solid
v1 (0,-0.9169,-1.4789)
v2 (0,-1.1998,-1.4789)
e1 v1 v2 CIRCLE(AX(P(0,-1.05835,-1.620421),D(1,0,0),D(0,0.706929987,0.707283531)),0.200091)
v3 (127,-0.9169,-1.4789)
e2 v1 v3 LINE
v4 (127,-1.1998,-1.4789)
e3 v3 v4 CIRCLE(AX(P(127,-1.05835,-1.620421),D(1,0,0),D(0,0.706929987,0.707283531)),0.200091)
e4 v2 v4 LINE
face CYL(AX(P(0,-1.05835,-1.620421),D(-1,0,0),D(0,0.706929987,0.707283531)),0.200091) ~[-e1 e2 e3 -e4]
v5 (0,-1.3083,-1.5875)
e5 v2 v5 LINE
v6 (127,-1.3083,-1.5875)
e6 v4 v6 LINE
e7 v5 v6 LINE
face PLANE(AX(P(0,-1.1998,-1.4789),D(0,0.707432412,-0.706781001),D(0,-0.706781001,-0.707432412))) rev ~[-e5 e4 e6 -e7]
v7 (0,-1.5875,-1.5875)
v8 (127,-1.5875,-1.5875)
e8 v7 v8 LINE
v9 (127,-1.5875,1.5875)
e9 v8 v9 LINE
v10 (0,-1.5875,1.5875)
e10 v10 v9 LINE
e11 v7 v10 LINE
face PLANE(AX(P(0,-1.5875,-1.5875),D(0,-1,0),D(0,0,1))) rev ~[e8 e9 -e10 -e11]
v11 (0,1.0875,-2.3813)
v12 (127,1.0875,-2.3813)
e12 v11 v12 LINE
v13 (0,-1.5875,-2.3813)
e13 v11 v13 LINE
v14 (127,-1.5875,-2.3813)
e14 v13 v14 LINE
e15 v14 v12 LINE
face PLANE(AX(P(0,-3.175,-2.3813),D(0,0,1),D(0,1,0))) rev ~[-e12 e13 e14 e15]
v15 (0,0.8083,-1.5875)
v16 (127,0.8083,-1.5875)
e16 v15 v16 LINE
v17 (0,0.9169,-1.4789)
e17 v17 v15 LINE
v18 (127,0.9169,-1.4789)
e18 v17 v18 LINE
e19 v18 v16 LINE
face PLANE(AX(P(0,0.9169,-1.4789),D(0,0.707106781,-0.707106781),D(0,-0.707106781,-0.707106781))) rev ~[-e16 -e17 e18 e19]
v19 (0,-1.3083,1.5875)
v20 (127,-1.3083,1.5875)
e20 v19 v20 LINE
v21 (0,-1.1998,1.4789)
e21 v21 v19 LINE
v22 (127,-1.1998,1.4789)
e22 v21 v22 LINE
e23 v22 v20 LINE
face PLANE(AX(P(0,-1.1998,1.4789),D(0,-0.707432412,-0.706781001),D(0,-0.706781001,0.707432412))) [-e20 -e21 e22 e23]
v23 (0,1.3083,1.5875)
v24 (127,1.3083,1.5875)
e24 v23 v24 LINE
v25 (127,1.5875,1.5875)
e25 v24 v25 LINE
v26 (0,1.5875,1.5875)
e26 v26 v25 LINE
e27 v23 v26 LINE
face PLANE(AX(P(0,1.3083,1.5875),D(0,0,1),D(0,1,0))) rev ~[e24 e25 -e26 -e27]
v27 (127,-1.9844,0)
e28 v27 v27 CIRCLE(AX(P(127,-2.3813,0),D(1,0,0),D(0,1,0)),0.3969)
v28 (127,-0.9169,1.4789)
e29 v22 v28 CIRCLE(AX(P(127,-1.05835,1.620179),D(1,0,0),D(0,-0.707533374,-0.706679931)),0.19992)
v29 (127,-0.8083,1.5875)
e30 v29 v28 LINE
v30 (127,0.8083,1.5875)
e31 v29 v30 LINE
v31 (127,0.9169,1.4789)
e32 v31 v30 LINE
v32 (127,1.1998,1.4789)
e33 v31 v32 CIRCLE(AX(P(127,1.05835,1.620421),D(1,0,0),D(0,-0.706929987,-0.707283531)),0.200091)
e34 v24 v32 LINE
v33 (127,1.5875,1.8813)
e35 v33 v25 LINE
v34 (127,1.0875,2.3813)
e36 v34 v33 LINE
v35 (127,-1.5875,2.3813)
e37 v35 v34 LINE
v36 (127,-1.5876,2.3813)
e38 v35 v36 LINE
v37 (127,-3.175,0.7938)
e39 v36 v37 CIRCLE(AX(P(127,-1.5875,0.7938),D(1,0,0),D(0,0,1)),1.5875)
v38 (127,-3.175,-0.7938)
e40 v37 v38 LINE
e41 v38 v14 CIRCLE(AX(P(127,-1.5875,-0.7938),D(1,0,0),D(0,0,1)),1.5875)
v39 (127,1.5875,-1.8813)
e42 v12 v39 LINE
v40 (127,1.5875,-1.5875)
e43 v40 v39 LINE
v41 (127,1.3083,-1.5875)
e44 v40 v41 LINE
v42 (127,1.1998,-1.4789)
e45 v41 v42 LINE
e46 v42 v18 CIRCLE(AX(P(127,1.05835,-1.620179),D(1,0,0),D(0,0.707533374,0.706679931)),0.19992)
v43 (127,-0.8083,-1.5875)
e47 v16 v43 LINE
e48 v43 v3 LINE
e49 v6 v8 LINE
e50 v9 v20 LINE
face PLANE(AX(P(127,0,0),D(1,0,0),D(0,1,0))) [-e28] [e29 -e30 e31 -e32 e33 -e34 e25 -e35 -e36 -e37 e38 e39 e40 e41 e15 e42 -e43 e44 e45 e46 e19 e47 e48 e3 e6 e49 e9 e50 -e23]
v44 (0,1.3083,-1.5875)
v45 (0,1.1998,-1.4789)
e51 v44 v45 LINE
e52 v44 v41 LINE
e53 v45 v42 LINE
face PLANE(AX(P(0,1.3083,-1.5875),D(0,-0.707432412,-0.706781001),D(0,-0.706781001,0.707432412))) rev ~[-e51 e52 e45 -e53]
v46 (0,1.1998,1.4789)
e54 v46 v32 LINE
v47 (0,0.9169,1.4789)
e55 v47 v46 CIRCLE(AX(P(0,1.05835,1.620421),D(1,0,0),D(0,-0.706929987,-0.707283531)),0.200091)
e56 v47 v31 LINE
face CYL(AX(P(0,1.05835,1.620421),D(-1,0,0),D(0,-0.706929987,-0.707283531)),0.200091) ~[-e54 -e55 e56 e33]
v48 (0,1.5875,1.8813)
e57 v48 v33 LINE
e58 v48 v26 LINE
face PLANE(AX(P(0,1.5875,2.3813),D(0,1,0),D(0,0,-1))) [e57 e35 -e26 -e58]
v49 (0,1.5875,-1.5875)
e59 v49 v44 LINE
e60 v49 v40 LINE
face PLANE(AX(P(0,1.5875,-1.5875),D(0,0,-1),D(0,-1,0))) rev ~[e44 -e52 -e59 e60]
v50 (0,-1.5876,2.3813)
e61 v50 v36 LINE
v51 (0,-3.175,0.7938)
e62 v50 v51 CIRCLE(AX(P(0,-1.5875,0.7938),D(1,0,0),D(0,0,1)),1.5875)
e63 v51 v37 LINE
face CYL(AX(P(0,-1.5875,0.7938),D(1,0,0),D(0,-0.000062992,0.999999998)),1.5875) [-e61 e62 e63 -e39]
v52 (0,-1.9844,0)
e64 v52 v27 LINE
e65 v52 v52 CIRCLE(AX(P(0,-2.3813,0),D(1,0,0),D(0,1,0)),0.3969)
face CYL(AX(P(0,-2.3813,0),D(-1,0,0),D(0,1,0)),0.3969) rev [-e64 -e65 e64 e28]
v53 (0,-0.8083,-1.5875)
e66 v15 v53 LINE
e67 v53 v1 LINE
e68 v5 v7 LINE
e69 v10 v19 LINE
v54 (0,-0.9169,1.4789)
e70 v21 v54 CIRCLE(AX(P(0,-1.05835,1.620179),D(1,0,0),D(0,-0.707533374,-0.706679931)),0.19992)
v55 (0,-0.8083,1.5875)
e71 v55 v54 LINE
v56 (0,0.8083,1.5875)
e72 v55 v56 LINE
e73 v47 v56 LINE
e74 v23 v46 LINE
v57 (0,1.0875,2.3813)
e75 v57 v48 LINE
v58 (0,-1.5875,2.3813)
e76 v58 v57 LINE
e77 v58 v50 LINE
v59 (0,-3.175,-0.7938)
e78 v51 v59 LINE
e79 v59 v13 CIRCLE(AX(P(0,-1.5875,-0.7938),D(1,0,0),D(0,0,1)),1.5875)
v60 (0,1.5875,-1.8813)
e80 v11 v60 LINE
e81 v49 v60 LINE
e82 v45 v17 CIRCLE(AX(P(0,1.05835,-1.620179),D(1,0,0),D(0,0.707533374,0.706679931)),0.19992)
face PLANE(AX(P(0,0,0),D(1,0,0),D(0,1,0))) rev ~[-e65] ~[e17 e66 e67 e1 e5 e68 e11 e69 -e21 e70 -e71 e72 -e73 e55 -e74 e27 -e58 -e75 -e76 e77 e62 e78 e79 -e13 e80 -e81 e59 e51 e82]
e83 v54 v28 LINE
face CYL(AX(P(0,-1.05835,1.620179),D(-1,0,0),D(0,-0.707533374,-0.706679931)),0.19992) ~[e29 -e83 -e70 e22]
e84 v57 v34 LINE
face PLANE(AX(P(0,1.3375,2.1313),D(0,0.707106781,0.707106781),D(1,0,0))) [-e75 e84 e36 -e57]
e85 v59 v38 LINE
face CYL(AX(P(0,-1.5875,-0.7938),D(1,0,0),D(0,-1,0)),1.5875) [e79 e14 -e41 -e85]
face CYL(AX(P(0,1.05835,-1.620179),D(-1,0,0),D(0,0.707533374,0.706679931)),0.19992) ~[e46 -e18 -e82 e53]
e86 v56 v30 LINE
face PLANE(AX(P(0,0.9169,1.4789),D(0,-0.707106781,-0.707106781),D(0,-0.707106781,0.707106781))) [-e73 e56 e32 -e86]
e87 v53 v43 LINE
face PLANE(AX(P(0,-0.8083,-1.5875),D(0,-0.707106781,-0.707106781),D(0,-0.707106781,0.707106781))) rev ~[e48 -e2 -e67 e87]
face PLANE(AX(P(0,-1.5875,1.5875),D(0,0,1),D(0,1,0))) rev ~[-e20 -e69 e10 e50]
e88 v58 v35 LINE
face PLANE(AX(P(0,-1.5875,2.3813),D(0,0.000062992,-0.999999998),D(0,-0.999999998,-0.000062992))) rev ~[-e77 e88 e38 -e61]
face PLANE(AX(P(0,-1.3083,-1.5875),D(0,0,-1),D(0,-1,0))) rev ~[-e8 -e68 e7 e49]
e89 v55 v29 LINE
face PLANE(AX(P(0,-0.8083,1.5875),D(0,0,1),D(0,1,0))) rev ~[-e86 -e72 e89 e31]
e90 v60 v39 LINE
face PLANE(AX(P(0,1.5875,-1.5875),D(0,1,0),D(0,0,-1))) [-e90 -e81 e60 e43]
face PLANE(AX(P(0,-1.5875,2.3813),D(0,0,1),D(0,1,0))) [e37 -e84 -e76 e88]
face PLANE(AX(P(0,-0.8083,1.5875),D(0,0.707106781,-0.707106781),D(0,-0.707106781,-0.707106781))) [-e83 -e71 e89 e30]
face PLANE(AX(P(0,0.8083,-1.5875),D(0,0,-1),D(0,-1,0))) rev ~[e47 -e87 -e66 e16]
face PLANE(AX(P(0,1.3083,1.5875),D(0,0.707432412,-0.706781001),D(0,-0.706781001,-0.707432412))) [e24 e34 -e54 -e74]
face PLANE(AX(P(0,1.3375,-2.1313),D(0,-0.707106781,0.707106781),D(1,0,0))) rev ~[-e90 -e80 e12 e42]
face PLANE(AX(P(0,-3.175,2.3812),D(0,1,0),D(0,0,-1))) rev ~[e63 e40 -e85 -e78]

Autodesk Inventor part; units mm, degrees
ref_plane "YZ Plane" through (0, 0, 0) normal (1, 0, 0) x (0, 1, 0)
ref_plane "XZ Plane" through (0, 0, 0) normal (0, 1, 0) x (-1, 0, 0)
ref_plane "XY Plane" through (0, 0, 0) normal (0, 0, 1) x (1, 0, 0)
sketch "Sketch1" plane through (0, 0, 0) normal (1, 0, 0) x (0, 1, 0)
  line L0 (-1.5875, 1.5875) -> (1.5875, 1.5875)
  line L1 (1.5875, 1.5875) -> (1.5875, -1.5875) construction
  line L2 (1.5875, -1.5875) -> (-1.5875, -1.5875)
  line L3 (-1.5875, -1.5875) -> (-1.5875, 1.5875)
  line L4 (-1.5875, 1.5875) -> (1.5875, -1.5875) construction
  line L5 (1.5875, 1.5875) -> (-1.5875, -1.5875) construction
  line L6 (-1.5875, 2.3813) -> (1.5875, 2.3813)
  line L7 (1.5875, 2.3813) -> (1.5875, -2.3813)
  line L8 (1.5875, -2.3813) -> (-1.5875, -2.3813)
  line L9 (-1.5875, -2.3813) -> (-1.5875, 2.3813)
  line L10 (-1.5875, 2.3813) -> (1.5875, -2.3813) construction
  line L11 (1.5875, 2.3813) -> (-1.5875, -2.3813) construction
  line L12 (-1.5875, 2.3813) -> (-3.175, 2.3812)
  line L13 (-3.175, 2.3812) -> (-3.175, -2.3813)
  line L14 (-3.175, -2.3813) -> (-1.5875, -2.3813)
  line L15 (-1.5875, -2.3813) -> (-1.5875, 2.3813)
  line L16 (0.8083, 1.5875) -> (1.0583, 1.8375) construction
  line L17 (1.0583, 1.8375) -> (1.3083, 1.5875) construction
  line L18 (1.3083, 1.5875) -> (1.1998, 1.4789)
  line L19 (0.9169, 1.4789) -> (0.8083, 1.5875)
  line L20 (-0.8083, 1.5875) -> (-0.9169, 1.4789)
  line L21 (-1.1998, 1.4789) -> (-1.3083, 1.5875)
  line L22 (-1.3083, 1.5875) -> (-1.0583, 1.8375) construction
  line L23 (-1.0583, 1.8375) -> (-0.8083, 1.5875) construction
  line L24 (1.5875, 0) -> (-1.5875, 0) construction
  arc A0 (0.9169, 1.4789) -> (1.1998, 1.4789) centre (1.0583, 1.6203) ccw
  arc A1 (-1.1998, 1.4789) -> (-0.9169, 1.4789) centre (-1.0583, 1.6203) ccw
  line L25 (0.8083, -1.5875) -> (1.0583, -1.8375) construction
  line L26 (1.0583, -1.8375) -> (1.3083, -1.5875) construction
  line L27 (1.3083, -1.5875) -> (1.1998, -1.4789)
  line L28 (0.9169, -1.4789) -> (0.8083, -1.5875)
  line L29 (-0.8083, -1.5875) -> (-0.9169, -1.4789)
  line L30 (-1.1998, -1.4789) -> (-1.3083, -1.5875)
  line L31 (-1.3083, -1.5875) -> (-1.0583, -1.8375) construction
  line L32 (-1.0583, -1.8375) -> (-0.8083, -1.5875) construction
  arc A2 (1.1998, -1.4789) -> (0.9169, -1.4789) centre (1.0583, -1.6203) ccw
  arc A3 (-0.9169, -1.4789) -> (-1.1998, -1.4789) centre (-1.0583, -1.6203) ccw
  circle A4 centre (-2.3813, 0) radius 0.3969
  point P0 (0, 0)
  point P1 (1.0583, 1.5875)
  point P2 (1.0583, 1.3375)
  point P3 (-1.0583, 1.5875)
  point P4 (-1.0583, 1.3375)
  point P5 (1.0583, -1.5875)
  point P6 (1.0583, -1.3375)
  point P7 (-1.0583, -1.5875)
  point P8 (-1.0583, -1.3375)
  dimension "d0" = 3.175
  dimension "d1" = 3.175
  dimension "d2" = 3.175
  dimension "d3" = 4.7625
  dimension "d4" = 1.5875
  dimension "d5" = 0.5
  dimension "d6" = 0.5
  dimension "d7" = 0.2
  dimension "d14" = 0.7937
  dimension "d15" = 0.7937
extrude "Extrusion1" add sketch "Sketch1" along normal blind 127 contours L9 L6 L7 L0 | L3 L9 L14 L13 L12 | L0 L20 A1 L21 | L2 L7 L8 L9 | L30 A3 L29 L2 | L0 L18 A0 L19 | L28 A2 L27 L2
chamfer "Chamfer1" distance 0.5 angle 45 2 edges at (63.5, 1.5875, 2.3813) (63.5, 1.5875, -2.3813)
fillet "Fillet1" radius 1.5875 2 edges at (63.5, -3.175, 2.3812) (63.5, -3.175, -2.3813)
sketch "Sketch2" plane through (0, 1.0875, 2.3813) normal (0, 0, 1) x (1, 0, 0)
  line L0 (0, 0.1123) -> (127, 0.1123) projected
  line L1 (63.5, 0.1123) -> (63.5, -2.675)
  line L2 (0, -2.675) -> (127, -2.675) projected
  point P0 (0, -1.0875)
equation "\"d6\" = d5"
equation "\"d15\" = 0.5 * d4"
properties part number "Nomad Slot Filler" material "Silicon Nitride"
